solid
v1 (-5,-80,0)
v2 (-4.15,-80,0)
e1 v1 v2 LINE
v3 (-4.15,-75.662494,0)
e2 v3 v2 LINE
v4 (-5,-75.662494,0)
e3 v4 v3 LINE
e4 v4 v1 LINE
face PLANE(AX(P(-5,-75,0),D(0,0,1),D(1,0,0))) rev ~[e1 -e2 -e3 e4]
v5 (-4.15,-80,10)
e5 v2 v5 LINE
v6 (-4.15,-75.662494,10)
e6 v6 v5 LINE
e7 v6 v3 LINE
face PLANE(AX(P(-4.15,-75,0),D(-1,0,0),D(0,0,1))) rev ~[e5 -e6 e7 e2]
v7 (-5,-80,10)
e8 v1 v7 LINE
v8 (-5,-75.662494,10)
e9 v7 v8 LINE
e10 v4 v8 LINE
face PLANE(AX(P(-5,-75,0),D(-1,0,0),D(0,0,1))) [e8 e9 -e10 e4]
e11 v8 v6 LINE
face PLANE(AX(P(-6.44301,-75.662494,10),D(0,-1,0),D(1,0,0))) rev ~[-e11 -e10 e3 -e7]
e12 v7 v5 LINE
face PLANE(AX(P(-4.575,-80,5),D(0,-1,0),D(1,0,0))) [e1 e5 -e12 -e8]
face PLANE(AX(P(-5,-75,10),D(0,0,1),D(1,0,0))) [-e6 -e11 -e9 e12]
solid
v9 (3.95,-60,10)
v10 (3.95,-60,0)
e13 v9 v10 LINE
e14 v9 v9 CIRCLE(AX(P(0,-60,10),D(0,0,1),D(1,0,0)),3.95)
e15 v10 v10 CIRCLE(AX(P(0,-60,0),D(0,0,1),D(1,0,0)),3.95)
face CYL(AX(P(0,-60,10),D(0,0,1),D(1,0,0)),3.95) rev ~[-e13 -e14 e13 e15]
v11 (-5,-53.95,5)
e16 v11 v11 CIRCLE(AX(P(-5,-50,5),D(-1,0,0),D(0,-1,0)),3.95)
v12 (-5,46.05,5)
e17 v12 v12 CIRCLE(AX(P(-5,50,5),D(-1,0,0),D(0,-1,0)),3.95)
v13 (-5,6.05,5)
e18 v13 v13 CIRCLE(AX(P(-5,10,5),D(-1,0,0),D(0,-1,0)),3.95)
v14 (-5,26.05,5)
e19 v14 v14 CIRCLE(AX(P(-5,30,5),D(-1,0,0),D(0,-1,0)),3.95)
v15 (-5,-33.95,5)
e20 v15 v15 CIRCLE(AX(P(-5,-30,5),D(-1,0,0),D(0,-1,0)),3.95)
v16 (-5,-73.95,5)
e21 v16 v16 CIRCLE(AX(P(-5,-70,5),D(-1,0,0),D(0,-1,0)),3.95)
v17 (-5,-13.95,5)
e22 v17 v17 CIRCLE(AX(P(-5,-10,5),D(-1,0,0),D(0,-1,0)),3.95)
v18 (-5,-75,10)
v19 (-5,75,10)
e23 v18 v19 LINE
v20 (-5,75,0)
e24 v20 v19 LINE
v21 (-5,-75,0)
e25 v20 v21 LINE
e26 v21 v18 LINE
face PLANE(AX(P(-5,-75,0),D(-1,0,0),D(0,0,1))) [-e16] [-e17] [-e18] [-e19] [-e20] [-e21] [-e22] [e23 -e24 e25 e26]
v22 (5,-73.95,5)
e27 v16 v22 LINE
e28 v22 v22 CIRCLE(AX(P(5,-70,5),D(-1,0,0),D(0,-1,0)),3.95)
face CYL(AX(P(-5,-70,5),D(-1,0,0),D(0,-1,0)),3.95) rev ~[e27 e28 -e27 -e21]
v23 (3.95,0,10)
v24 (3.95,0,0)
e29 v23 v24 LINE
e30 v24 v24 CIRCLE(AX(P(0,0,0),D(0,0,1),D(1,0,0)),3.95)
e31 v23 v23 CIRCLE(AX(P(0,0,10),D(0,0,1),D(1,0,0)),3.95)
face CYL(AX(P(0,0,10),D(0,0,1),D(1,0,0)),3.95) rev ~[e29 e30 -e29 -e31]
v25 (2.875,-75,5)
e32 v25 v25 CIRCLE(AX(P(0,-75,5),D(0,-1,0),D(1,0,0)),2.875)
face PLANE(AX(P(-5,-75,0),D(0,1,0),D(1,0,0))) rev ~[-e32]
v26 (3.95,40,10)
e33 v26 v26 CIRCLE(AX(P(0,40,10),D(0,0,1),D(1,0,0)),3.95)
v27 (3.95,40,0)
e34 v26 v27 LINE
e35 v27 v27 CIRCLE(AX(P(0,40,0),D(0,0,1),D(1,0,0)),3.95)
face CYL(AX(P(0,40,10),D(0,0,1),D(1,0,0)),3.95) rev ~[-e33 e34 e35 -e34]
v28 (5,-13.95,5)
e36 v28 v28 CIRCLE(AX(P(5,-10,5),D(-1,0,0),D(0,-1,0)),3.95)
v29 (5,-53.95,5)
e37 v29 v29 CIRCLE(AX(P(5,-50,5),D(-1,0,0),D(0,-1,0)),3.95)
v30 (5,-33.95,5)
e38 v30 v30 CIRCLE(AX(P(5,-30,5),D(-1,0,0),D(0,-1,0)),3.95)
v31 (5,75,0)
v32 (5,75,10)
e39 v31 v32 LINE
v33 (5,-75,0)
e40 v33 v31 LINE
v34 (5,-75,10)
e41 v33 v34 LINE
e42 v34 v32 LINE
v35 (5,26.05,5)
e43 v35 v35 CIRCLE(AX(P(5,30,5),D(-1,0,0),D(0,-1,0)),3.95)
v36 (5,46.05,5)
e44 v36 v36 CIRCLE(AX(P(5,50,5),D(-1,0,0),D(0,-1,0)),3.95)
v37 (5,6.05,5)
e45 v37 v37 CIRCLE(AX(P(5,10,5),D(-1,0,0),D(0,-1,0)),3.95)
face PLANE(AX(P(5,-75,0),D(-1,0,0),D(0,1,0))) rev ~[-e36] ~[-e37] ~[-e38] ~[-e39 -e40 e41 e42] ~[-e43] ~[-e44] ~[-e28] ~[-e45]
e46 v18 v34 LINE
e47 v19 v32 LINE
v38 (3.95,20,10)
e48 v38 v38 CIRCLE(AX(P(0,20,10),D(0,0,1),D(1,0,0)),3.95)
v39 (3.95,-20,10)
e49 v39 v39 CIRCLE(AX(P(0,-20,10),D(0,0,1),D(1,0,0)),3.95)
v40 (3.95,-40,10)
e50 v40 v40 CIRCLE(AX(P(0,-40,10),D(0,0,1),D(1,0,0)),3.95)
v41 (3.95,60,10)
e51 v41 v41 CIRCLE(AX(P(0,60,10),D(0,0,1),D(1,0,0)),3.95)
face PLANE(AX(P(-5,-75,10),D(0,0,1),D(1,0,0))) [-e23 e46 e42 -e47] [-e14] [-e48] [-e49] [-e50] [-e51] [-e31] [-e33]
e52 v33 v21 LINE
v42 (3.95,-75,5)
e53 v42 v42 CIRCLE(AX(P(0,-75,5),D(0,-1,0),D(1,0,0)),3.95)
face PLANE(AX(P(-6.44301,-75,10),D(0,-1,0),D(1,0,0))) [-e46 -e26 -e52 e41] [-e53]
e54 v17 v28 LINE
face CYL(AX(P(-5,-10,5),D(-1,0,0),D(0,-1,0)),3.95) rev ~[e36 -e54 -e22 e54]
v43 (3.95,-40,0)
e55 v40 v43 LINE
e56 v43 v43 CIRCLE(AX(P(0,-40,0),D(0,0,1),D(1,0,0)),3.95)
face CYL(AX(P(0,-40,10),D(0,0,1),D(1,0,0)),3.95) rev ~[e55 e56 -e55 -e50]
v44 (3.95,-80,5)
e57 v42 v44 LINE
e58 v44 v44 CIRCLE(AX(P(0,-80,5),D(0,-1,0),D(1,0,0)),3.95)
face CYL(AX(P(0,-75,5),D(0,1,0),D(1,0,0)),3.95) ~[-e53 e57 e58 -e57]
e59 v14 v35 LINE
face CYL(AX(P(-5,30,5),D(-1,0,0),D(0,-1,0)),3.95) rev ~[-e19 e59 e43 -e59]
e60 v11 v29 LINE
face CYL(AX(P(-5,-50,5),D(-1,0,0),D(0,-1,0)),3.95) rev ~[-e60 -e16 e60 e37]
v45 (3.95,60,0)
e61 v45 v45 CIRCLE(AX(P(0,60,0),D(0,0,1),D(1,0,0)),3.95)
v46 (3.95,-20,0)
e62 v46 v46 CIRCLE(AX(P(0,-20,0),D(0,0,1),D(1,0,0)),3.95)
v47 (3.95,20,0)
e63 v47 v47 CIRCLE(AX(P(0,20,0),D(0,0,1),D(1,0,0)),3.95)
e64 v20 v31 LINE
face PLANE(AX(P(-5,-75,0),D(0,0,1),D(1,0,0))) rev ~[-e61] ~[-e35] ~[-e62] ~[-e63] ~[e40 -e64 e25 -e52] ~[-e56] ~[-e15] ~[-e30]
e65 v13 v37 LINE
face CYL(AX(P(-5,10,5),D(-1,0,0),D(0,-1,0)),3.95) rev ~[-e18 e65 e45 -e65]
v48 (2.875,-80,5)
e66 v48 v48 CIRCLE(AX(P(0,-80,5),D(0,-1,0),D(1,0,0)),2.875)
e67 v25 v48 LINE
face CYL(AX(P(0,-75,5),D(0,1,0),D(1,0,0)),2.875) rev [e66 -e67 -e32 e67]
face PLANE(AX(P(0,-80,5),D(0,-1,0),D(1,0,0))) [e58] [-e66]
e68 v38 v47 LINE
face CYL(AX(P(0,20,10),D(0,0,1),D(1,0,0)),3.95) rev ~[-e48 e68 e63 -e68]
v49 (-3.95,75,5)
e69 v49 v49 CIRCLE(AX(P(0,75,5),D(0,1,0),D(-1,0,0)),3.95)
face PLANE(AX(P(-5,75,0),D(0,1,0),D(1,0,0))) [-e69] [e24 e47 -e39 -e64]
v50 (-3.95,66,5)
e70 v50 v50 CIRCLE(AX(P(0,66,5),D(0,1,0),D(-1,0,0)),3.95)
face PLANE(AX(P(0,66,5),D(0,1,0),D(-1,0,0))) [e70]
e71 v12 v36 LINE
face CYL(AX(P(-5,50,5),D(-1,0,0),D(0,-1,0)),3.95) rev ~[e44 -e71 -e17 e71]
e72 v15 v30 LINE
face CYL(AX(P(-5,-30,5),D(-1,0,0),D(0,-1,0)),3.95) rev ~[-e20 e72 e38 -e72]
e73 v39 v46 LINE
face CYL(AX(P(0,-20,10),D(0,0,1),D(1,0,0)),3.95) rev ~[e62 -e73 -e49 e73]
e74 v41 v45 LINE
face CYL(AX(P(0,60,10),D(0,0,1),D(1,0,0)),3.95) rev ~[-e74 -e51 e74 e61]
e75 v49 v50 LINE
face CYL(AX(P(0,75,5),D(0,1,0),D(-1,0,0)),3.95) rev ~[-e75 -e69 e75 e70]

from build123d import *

# Parameters (mm, degrees)
F0_W      = 10
F0_H      = 150
F1_DEPTH  = 10
F2_R      = 3.95
F3_DEPTH  = 25
F4_R      = 3.95
F5_DEPTH  = 25
F6_R      = 3.95
F7_DEPTH  = 9
F8_R      = 3.95
F8_R_2    = 2.875
F9_DEPTH  = 5
F10_W     = 0.85
F10_H     = 10
F11_DEPTH = 5
F12_W     = 2.29301
F12_H     = 0.662494
F13_DEPTH = 25


with BuildPart() as f1:
    # F0 (on Top) → F1 (new body)
    with BuildSketch(Plane.XY):
        Rectangle(F0_W, F0_H)
    extrude(amount=F1_DEPTH)

    # F2 (on face) → F3 (cut)
    with BuildSketch(Plane.XY.offset(10)):
        Circle(F2_R)
        with Locations((0, 20)):
            Circle(F2_R)
        with Locations((0, 40)):
            Circle(F2_R)
        with Locations((0, 60)):
            Circle(F2_R)
        with Locations((0, -20)):
            Circle(F2_R)
        with Locations((0, -40)):
            Circle(F2_R)
        with Locations((0, -60)):
            Circle(F2_R)
    extrude(amount=-F3_DEPTH, mode=Mode.SUBTRACT)

    # F4 (on face) → F5 (cut)
    with BuildSketch(Plane(origin=(-5, 0, 0), x_dir=(0, -1, 0), z_dir=(-1, 0, 0))):
        with Locations((-10, 5)):
            Circle(F4_R)
        with Locations((-30, 5)):
            Circle(F4_R)
        with Locations((-50, 5)):
            Circle(F4_R)
        with Locations((10, 5)):
            Circle(F4_R)
        with Locations((30, 5)):
            Circle(F4_R)
        with Locations((50, 5)):
            Circle(F4_R)
        with Locations((70, 5)):
            Circle(F4_R)
    extrude(amount=-F5_DEPTH, mode=Mode.SUBTRACT)

    # F6 (on face) → F7 (cut)
    with BuildSketch(Plane(origin=(0, 75, 0), x_dir=(-1, 0, 0), z_dir=(0, 1, 0))):
        with Locations((0, 5)):
            Circle(F6_R)
    extrude(amount=-F7_DEPTH, mode=Mode.SUBTRACT)

    # F8 (on face) → F9 (join)
    with BuildSketch(Plane.XZ.offset(75)):
        with Locations((0, 5)):
            Circle(F8_R)
        with Locations((0, 5)):
            Circle(F8_R_2, mode=Mode.SUBTRACT)
    extrude(amount=F9_DEPTH)

    # F10 (on face) → F11 (join)
    with BuildSketch(Plane.XZ.offset(75)):
        with Locations((-4.575, 5)):
            Rectangle(F10_W, F10_H)
    extrude(amount=F11_DEPTH)

    # F12 (on face) → F13 (cut)
    with BuildSketch(Plane.XY.offset(10)):
        with Locations((-5.296505, -75.331247)):
            Rectangle(F12_W, F12_H)
    extrude(amount=-F13_DEPTH, mode=Mode.SUBTRACT)


solid = f1.part
